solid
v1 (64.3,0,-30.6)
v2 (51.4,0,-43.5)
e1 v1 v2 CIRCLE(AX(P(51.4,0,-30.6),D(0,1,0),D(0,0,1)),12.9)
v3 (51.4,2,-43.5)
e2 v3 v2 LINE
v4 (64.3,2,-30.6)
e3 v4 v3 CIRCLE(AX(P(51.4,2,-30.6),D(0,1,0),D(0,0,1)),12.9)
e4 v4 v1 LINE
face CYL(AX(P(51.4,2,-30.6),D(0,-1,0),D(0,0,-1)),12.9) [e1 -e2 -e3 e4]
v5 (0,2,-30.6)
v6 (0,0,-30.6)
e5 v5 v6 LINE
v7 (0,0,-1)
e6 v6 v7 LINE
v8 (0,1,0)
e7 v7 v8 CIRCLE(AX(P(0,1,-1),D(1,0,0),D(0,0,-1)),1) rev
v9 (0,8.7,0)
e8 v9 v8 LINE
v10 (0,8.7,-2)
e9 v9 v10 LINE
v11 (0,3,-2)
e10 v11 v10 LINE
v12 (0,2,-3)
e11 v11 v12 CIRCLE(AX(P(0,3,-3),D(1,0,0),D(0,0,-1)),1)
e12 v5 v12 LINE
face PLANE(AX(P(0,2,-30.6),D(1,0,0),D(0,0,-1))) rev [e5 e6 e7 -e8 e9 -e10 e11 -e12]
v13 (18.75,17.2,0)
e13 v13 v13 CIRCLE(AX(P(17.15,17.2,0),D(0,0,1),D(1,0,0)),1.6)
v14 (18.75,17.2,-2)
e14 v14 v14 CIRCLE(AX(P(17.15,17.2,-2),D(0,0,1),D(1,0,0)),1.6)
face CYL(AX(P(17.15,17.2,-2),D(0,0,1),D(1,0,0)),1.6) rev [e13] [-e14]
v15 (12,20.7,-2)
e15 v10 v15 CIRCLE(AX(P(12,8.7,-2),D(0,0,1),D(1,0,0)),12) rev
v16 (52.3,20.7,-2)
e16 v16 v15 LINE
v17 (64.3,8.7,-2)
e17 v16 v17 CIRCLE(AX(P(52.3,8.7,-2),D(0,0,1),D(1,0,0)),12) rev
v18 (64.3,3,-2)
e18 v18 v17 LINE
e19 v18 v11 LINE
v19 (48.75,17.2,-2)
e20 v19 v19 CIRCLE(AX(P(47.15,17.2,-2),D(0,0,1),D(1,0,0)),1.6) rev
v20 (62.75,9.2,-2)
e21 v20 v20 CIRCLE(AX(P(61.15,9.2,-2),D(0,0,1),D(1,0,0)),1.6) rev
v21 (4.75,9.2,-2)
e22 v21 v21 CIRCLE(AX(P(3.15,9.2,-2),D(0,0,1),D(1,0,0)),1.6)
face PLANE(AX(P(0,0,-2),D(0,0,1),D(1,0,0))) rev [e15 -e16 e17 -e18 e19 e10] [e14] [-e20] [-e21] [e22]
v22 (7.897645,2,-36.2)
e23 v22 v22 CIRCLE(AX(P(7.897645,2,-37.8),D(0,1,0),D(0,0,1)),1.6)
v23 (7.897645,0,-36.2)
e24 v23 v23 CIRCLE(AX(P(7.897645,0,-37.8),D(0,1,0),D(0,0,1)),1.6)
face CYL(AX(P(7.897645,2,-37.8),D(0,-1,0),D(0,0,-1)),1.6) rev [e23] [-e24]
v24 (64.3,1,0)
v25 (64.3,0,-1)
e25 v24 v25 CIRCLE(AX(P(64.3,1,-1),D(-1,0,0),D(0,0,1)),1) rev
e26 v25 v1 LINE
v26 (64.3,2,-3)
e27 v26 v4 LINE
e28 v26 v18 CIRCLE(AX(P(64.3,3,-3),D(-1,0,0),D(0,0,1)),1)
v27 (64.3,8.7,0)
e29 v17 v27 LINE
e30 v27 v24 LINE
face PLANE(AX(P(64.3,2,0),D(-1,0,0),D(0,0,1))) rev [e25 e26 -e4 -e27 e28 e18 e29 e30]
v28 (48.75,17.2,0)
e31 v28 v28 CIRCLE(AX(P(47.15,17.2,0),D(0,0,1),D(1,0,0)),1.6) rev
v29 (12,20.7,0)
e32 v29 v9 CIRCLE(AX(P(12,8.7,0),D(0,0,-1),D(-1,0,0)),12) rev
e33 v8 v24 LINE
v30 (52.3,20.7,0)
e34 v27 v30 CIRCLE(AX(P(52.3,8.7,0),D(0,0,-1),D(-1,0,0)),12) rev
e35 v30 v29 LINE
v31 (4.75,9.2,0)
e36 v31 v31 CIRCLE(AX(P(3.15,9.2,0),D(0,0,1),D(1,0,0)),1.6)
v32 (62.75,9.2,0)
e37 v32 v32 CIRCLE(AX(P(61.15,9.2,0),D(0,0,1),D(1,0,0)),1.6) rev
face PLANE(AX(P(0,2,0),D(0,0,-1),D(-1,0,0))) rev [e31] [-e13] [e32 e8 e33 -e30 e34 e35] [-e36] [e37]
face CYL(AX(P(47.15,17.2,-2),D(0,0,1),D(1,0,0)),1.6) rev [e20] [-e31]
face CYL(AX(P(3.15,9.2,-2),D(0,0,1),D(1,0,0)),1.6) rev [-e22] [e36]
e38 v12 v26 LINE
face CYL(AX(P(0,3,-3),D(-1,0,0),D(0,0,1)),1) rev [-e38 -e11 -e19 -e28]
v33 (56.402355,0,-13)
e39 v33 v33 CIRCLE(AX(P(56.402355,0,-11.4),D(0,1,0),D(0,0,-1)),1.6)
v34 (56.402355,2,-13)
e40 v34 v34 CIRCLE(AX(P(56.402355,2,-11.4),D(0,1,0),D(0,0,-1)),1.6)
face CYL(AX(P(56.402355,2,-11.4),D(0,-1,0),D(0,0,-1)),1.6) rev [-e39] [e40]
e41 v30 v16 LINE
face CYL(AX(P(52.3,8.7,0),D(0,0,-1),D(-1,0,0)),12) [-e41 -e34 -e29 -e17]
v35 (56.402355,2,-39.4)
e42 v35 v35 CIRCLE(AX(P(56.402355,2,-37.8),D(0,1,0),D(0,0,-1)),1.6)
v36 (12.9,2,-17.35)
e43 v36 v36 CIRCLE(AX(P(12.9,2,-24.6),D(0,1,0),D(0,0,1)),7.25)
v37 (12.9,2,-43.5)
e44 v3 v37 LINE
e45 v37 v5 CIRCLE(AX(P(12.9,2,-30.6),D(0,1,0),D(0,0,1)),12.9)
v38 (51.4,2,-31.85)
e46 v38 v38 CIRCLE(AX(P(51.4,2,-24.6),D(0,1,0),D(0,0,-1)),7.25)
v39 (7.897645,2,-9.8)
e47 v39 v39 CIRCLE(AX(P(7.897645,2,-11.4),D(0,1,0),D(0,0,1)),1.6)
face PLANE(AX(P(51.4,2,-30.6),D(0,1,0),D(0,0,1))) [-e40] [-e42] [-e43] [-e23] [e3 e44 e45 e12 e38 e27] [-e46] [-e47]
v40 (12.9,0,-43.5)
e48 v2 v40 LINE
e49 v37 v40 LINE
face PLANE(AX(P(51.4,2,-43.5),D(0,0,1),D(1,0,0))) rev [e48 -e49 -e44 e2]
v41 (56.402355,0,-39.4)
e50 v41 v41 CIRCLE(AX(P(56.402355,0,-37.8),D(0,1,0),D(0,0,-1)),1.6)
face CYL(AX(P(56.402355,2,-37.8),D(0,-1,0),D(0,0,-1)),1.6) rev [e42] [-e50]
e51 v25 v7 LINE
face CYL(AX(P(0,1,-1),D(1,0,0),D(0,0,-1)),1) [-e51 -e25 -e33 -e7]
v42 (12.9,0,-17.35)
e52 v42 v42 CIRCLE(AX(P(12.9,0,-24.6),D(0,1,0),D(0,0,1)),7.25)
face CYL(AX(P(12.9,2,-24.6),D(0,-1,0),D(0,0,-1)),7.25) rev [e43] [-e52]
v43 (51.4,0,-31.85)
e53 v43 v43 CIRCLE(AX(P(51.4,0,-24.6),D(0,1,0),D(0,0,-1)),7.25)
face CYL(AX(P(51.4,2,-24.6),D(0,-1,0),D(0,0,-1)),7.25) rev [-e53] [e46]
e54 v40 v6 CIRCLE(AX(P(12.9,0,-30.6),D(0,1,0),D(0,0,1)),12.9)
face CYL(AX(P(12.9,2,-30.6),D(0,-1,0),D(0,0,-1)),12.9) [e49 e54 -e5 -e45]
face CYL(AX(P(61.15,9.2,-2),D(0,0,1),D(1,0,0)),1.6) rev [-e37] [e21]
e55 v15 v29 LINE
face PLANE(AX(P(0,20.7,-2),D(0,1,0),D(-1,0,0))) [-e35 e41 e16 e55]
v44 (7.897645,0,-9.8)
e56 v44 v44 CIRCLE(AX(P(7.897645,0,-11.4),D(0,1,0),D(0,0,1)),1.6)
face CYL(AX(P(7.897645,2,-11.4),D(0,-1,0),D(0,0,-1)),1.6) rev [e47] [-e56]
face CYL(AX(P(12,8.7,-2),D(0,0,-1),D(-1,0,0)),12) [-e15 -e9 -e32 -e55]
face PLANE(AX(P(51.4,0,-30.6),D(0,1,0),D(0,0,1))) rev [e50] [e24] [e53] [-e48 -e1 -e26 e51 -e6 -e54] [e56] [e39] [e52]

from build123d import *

# Parameters (mm, degrees)
SKETCH_1_R      = 1.6
SKETCH_1_R_2    = 7.25
EXTRUDE_1_DEPTH = 2
SKETCH_2_W      = 32.15
SKETCH_2_H      = 18.7
SKETCH_2_R      = 1.6
EXTRUDE_2_DEPTH = 2
FILLET_1_R      = 12
FILLET_2_R      = 1


with BuildPart() as part:
    # 草图1 → 凸台-拉伸1 (new body)
    with BuildSketch(Plane(origin=(0, 0, 0), x_dir=(1, 0, 0), z_dir=(0, 1, 0))):
        with BuildLine():
            Line((0, 0), (64.3, 0))
            Line((64.3, 0), (64.3, 30.6))
            ThreePointArc((64.3, 30.6), (60.521677477, 39.721677477), (51.4, 43.5))
            Line((51.4, 43.5), (12.9, 43.5))
            ThreePointArc((12.9, 43.5), (3.778322523, 39.721677477), (0, 30.6))
            Line((0, 30.6), (0, 0))
        make_face()
        with Locations(Location((7.89764523, 11.4, 0), (0, 0, 270))):
            Circle(SKETCH_1_R, mode=Mode.SUBTRACT)
        with Locations(Location((7.89764523, 37.8, 0), (0, 0, 270))):
            Circle(SKETCH_1_R, mode=Mode.SUBTRACT)
        with Locations(Location((12.9, 24.6, 0), (0, 0, 270))):
            Circle(SKETCH_1_R_2, mode=Mode.SUBTRACT)
        with Locations(Location((56.40235477, 11.4, 0), (0, 0, 90))):
            Circle(SKETCH_1_R, mode=Mode.SUBTRACT)
        with Locations(Location((56.40235477, 37.8, 0), (0, 0, 90))):
            Circle(SKETCH_1_R, mode=Mode.SUBTRACT)
        with Locations(Location((51.4, 24.6, 0), (0, 0, 90))):
            Circle(SKETCH_1_R_2, mode=Mode.SUBTRACT)
    extrude(amount=EXTRUDE_1_DEPTH)

    # 草图2 → 凸台-拉伸2 (add)
    # profile 1 of 2: a face of its own
    with BuildSketch(Plane.XY):
        with Locations((16.075, 11.35)):
            Rectangle(SKETCH_2_W, SKETCH_2_H)
        with Locations((3.15, 9.2)):
            Circle(SKETCH_2_R, mode=Mode.SUBTRACT)
        with Locations((17.15, 17.2)):
            Circle(SKETCH_2_R, mode=Mode.SUBTRACT)
    # profile 2 of 2: a face of its own
    with BuildSketch(Plane.XY):
        with Locations((48.225, 11.35)):
            Rectangle(SKETCH_2_W, SKETCH_2_H)
        with Locations((61.15, 9.2)):
            Circle(SKETCH_2_R, mode=Mode.SUBTRACT)
        with Locations((47.15, 17.2)):
            Circle(SKETCH_2_R, mode=Mode.SUBTRACT)
    extrude(amount=-EXTRUDE_2_DEPTH)

    # 圆角1
    fillet_1_edges = [part.edges().sort_by_distance(p)[0] for p in [
        (0, 20.7, -1),
        (64.3, 20.7, -1),
    ]]
    fillet(fillet_1_edges, radius=FILLET_1_R)

    # 圆角2
    fillet_2_edges = [part.edges().sort_by_distance(p)[0] for p in [
        (32.15, 2, -2),
        (32.15, 0, 0),
    ]]
    fillet(fillet_2_edges, radius=FILLET_2_R)


solid = part.part
